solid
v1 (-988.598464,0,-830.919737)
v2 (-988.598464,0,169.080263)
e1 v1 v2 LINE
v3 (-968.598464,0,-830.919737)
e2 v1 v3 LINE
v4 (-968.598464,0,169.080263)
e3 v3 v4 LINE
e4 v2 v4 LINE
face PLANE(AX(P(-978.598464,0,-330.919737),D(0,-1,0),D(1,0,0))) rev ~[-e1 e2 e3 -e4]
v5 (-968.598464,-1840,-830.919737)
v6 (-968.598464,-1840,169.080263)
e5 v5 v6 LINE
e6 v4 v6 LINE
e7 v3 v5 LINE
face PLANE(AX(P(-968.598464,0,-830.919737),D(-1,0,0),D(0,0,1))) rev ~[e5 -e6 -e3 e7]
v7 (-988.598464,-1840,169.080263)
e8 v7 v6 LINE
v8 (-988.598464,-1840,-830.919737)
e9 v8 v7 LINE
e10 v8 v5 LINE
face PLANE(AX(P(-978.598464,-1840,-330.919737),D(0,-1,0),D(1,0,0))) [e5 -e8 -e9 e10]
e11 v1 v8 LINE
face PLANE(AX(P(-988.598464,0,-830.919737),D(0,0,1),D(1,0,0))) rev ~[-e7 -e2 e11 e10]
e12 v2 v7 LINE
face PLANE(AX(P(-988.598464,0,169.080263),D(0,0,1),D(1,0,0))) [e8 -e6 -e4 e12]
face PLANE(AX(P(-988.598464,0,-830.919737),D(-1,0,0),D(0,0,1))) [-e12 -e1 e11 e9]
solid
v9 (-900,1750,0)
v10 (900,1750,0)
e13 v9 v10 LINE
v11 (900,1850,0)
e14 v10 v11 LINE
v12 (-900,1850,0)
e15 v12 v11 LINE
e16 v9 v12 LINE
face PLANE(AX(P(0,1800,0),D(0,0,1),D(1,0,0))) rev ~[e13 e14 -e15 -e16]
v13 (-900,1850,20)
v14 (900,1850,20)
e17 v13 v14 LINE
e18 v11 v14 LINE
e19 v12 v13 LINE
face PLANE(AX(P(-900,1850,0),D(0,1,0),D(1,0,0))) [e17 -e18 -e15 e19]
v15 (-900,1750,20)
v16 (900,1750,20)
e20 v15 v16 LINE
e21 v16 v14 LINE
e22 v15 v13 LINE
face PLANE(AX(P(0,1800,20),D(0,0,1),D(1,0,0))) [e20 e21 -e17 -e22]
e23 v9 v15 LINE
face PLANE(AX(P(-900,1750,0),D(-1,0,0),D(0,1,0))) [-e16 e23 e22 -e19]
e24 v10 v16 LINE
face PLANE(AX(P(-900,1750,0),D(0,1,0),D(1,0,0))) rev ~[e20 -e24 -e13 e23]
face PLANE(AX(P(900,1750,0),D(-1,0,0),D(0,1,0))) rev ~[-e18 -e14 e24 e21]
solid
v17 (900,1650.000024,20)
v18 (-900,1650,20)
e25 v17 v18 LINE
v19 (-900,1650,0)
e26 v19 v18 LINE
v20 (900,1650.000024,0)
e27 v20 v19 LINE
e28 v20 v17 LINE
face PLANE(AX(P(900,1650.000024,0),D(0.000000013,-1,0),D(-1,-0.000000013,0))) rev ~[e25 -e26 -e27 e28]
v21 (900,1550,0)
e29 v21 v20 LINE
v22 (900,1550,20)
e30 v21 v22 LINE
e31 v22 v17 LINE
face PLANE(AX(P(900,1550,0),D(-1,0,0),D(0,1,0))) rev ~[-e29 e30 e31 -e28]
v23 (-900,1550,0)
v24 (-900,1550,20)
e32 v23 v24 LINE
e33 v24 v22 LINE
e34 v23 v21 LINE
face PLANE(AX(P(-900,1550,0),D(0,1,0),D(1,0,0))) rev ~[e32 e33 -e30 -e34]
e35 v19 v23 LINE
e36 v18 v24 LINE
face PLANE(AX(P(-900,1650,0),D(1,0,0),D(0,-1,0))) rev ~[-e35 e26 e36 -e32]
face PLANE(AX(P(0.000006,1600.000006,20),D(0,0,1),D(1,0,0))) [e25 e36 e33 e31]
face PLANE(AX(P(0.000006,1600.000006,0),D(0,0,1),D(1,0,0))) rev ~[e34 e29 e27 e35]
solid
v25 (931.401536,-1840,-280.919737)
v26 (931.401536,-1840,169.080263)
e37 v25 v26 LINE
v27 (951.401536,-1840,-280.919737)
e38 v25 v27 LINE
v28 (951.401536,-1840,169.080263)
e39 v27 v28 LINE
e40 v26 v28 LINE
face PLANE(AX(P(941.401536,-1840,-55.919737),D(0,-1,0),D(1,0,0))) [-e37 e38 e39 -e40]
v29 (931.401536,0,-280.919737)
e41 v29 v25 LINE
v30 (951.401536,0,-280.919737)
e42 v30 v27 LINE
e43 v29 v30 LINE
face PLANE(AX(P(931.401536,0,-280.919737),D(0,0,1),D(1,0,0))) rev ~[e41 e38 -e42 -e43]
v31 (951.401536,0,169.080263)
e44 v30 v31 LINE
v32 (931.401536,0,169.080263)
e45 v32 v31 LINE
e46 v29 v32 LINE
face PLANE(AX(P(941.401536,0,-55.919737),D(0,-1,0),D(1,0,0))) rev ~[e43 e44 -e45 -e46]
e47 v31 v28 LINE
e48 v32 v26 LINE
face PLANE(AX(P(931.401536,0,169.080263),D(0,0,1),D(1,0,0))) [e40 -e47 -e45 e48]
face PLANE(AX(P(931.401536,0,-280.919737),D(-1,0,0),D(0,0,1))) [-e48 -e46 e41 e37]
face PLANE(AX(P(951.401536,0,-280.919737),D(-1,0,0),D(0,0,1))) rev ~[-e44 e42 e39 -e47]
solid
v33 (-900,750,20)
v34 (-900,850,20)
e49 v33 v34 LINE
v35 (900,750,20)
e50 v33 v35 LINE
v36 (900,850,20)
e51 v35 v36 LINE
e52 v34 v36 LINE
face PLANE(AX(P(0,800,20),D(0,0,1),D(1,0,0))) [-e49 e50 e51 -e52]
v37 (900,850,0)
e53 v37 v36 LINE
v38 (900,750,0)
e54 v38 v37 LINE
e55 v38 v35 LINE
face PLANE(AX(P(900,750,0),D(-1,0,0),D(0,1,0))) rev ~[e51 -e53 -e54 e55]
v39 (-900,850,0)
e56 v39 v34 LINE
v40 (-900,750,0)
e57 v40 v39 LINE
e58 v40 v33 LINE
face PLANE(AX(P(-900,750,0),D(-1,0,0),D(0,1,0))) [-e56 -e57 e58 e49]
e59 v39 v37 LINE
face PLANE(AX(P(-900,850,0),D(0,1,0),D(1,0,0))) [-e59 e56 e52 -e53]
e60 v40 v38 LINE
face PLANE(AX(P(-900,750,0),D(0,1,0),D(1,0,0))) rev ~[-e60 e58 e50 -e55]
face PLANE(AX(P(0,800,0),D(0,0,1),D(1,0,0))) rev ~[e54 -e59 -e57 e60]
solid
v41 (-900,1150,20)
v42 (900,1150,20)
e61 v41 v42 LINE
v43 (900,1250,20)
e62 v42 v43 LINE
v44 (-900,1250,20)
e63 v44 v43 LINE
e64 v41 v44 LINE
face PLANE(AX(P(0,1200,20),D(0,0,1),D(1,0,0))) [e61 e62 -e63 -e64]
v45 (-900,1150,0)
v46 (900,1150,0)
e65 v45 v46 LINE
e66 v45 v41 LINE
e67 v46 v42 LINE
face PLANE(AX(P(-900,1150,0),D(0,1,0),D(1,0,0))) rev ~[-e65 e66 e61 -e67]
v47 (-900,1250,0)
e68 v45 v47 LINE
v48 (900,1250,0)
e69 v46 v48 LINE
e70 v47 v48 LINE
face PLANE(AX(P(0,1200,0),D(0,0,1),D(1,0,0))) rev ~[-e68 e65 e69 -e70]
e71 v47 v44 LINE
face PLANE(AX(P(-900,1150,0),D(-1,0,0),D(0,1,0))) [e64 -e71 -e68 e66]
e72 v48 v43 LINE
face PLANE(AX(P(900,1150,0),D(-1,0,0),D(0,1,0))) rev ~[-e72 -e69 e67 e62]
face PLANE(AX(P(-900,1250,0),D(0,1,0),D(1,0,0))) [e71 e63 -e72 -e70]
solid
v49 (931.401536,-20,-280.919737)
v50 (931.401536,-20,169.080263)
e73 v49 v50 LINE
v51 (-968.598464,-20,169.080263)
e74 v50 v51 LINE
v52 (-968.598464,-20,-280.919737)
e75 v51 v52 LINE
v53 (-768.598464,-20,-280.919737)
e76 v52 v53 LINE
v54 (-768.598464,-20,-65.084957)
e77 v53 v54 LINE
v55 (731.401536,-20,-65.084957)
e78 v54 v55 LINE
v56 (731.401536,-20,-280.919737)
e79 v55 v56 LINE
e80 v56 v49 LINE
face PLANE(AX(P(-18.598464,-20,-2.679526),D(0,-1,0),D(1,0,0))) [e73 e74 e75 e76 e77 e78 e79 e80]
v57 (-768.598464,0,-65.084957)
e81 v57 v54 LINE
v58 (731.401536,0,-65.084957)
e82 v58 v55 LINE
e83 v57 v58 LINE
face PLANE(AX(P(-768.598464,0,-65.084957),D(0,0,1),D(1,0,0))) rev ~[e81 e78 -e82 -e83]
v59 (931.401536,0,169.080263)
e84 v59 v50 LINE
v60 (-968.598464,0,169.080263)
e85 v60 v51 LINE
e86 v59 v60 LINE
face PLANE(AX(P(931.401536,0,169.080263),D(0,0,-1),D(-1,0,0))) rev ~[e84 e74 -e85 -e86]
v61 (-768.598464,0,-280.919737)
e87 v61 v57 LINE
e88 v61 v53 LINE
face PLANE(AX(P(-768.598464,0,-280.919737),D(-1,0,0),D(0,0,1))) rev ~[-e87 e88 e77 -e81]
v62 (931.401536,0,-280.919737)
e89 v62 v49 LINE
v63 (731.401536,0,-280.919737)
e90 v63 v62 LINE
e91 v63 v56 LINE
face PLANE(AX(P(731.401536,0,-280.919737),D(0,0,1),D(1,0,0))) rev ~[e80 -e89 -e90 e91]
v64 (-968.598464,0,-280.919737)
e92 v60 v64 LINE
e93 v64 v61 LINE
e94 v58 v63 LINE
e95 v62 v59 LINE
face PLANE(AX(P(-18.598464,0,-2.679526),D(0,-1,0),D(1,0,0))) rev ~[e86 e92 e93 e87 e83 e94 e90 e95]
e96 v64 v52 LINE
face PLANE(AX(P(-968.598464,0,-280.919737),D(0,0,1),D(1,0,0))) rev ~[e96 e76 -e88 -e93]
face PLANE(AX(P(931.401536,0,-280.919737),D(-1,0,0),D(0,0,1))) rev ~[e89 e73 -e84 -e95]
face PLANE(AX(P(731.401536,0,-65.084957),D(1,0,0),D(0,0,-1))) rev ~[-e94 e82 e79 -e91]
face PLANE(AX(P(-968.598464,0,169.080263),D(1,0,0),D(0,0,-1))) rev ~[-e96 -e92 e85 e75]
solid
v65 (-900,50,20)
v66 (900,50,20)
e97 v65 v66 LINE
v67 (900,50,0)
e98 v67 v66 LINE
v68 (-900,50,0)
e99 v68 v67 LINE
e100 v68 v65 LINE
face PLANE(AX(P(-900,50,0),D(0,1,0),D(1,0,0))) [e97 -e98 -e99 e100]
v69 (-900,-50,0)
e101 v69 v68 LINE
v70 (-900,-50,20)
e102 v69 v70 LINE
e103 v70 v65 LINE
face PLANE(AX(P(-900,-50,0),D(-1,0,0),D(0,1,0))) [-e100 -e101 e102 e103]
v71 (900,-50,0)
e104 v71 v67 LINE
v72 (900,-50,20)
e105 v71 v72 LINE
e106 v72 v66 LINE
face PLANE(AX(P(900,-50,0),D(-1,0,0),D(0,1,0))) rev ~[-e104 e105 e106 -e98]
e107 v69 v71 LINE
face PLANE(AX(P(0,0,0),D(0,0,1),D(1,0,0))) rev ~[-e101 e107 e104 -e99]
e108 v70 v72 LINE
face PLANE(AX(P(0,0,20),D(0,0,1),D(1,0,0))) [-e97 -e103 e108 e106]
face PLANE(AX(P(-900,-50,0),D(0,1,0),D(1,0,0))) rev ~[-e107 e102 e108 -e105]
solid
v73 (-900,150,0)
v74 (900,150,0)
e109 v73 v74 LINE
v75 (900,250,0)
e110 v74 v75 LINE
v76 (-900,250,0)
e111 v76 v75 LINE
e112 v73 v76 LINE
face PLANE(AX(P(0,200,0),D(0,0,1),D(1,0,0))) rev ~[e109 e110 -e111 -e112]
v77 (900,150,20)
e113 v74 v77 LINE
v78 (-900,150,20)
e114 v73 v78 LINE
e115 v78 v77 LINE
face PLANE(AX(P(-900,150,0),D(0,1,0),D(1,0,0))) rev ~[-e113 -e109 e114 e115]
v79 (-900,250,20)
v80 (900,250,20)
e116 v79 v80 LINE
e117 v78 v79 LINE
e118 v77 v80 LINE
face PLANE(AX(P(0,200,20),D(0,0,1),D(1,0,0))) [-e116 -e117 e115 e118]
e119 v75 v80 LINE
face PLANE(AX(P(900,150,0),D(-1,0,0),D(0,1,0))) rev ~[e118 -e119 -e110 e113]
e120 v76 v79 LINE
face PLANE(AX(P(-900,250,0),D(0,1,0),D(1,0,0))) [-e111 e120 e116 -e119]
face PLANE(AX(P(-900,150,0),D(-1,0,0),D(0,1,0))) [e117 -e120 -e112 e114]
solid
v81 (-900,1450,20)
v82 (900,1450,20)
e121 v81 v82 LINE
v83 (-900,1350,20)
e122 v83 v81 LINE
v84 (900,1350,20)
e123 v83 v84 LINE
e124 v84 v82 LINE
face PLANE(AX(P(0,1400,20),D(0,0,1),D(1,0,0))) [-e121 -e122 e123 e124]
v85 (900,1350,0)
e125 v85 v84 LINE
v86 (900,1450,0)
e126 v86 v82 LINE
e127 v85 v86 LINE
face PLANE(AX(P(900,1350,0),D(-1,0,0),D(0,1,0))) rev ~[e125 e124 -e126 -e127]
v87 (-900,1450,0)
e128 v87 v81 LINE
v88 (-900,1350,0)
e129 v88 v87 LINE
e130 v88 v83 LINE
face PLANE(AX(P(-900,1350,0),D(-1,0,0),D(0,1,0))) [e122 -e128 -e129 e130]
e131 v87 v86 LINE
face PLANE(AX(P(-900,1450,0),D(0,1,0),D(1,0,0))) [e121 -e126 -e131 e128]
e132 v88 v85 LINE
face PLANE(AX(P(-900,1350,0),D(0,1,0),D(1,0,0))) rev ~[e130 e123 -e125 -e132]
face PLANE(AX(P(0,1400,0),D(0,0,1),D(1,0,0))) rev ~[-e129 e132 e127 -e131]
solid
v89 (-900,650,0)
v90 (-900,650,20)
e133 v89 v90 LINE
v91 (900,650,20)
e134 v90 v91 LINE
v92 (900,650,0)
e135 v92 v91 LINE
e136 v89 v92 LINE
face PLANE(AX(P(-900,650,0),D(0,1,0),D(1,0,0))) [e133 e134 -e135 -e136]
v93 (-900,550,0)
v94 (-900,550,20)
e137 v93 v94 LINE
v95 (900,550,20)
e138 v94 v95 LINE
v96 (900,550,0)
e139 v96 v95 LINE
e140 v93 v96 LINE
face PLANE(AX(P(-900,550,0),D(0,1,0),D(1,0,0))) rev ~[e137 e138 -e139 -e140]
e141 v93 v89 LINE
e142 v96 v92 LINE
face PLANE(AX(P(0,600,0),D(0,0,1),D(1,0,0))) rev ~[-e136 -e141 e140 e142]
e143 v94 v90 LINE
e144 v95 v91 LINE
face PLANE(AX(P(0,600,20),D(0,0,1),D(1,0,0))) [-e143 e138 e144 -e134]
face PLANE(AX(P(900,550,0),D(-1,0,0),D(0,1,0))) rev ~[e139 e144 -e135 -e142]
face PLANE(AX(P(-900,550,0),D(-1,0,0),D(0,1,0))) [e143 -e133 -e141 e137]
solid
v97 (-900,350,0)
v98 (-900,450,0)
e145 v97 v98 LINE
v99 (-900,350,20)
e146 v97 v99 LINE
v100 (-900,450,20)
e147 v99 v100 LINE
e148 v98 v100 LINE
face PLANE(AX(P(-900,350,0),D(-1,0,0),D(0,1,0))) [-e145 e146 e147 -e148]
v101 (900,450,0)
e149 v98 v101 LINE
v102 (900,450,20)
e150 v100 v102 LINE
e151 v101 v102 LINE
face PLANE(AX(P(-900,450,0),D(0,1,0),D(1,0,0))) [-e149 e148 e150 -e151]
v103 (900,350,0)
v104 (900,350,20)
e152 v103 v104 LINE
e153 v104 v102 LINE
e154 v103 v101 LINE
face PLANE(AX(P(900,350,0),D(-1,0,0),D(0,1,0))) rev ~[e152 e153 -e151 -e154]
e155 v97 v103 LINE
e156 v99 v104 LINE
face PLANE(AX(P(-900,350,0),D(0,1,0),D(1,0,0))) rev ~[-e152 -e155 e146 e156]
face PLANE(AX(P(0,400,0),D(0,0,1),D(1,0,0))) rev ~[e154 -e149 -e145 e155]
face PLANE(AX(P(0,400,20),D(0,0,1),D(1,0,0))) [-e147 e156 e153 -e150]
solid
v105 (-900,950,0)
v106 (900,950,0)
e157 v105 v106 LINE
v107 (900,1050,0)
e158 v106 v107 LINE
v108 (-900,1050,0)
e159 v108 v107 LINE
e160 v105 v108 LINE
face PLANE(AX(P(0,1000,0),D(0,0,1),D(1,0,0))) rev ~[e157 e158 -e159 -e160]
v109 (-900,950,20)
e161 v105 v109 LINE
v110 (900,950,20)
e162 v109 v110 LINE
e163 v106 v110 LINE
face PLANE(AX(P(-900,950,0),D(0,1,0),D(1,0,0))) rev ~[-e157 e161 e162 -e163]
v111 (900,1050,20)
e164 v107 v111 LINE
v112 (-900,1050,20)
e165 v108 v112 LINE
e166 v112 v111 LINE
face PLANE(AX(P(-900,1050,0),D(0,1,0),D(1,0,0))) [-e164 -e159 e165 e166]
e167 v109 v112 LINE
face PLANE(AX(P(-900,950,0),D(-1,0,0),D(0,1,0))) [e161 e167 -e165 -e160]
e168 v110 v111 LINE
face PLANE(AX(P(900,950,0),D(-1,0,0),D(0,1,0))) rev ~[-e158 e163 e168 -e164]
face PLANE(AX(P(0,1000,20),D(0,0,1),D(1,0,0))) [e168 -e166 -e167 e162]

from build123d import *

# Parameters (mm, degrees)
F1_DEPTH = 20
F2_W     = 1800
F2_H     = 100
F3_DEPTH = 20
F4_W     = 20
F4_H     = 1000
F4_H_2   = 450
F5_DEPTH = 1840


with BuildPart() as f1:
    # F0 (on Front) → F1 (new body)
    with BuildSketch(Plane.XZ):
        Polygon((931.401536, 169.080263), (-968.598464, 169.080263), (-968.598464, -280.919737), (-768.598464, -280.919737), (-768.598464, -65.084957), (731.401536, -65.084957), (731.401536, -280.919737), (931.401536, -280.919737), align=None)
    extrude(amount=F1_DEPTH)


with BuildPart() as f3:
    # F2 (on Top) → F3 (new body)
    with BuildSketch(Plane.XY):
        with Locations((0, 1800)):
            Rectangle(F2_W, F2_H)
        Polygon((-900, 1550), (900, 1550), (900, 1650.000024), (-900, 1650), align=None)
        with Locations((0, 1400)):
            Rectangle(F2_W, F2_H)
        with Locations((0, 1200)):
            Rectangle(F2_W, F2_H)
        with Locations((0, 1000)):
            Rectangle(F2_W, F2_H)
        with Locations((0, 800)):
            Rectangle(F2_W, F2_H)
        with Locations((0, 600)):
            Rectangle(F2_W, F2_H)
        with Locations((0, 400)):
            Rectangle(F2_W, F2_H)
        with Locations((0, 200)):
            Rectangle(F2_W, F2_H)
        Rectangle(F2_W, F2_H)
    extrude(amount=F3_DEPTH)


with BuildPart() as f5:
    # F4 (on Front) → F5 (new body)
    with BuildSketch(Plane.XZ):
        with Locations((-978.598464, -330.919737)):
            Rectangle(F4_W, F4_H)
        with Locations((941.401536, -55.919737)):
            Rectangle(F4_W, F4_H_2)
    extrude(amount=F5_DEPTH)


solid = Compound([f1.part, f3.part, f5.part])
